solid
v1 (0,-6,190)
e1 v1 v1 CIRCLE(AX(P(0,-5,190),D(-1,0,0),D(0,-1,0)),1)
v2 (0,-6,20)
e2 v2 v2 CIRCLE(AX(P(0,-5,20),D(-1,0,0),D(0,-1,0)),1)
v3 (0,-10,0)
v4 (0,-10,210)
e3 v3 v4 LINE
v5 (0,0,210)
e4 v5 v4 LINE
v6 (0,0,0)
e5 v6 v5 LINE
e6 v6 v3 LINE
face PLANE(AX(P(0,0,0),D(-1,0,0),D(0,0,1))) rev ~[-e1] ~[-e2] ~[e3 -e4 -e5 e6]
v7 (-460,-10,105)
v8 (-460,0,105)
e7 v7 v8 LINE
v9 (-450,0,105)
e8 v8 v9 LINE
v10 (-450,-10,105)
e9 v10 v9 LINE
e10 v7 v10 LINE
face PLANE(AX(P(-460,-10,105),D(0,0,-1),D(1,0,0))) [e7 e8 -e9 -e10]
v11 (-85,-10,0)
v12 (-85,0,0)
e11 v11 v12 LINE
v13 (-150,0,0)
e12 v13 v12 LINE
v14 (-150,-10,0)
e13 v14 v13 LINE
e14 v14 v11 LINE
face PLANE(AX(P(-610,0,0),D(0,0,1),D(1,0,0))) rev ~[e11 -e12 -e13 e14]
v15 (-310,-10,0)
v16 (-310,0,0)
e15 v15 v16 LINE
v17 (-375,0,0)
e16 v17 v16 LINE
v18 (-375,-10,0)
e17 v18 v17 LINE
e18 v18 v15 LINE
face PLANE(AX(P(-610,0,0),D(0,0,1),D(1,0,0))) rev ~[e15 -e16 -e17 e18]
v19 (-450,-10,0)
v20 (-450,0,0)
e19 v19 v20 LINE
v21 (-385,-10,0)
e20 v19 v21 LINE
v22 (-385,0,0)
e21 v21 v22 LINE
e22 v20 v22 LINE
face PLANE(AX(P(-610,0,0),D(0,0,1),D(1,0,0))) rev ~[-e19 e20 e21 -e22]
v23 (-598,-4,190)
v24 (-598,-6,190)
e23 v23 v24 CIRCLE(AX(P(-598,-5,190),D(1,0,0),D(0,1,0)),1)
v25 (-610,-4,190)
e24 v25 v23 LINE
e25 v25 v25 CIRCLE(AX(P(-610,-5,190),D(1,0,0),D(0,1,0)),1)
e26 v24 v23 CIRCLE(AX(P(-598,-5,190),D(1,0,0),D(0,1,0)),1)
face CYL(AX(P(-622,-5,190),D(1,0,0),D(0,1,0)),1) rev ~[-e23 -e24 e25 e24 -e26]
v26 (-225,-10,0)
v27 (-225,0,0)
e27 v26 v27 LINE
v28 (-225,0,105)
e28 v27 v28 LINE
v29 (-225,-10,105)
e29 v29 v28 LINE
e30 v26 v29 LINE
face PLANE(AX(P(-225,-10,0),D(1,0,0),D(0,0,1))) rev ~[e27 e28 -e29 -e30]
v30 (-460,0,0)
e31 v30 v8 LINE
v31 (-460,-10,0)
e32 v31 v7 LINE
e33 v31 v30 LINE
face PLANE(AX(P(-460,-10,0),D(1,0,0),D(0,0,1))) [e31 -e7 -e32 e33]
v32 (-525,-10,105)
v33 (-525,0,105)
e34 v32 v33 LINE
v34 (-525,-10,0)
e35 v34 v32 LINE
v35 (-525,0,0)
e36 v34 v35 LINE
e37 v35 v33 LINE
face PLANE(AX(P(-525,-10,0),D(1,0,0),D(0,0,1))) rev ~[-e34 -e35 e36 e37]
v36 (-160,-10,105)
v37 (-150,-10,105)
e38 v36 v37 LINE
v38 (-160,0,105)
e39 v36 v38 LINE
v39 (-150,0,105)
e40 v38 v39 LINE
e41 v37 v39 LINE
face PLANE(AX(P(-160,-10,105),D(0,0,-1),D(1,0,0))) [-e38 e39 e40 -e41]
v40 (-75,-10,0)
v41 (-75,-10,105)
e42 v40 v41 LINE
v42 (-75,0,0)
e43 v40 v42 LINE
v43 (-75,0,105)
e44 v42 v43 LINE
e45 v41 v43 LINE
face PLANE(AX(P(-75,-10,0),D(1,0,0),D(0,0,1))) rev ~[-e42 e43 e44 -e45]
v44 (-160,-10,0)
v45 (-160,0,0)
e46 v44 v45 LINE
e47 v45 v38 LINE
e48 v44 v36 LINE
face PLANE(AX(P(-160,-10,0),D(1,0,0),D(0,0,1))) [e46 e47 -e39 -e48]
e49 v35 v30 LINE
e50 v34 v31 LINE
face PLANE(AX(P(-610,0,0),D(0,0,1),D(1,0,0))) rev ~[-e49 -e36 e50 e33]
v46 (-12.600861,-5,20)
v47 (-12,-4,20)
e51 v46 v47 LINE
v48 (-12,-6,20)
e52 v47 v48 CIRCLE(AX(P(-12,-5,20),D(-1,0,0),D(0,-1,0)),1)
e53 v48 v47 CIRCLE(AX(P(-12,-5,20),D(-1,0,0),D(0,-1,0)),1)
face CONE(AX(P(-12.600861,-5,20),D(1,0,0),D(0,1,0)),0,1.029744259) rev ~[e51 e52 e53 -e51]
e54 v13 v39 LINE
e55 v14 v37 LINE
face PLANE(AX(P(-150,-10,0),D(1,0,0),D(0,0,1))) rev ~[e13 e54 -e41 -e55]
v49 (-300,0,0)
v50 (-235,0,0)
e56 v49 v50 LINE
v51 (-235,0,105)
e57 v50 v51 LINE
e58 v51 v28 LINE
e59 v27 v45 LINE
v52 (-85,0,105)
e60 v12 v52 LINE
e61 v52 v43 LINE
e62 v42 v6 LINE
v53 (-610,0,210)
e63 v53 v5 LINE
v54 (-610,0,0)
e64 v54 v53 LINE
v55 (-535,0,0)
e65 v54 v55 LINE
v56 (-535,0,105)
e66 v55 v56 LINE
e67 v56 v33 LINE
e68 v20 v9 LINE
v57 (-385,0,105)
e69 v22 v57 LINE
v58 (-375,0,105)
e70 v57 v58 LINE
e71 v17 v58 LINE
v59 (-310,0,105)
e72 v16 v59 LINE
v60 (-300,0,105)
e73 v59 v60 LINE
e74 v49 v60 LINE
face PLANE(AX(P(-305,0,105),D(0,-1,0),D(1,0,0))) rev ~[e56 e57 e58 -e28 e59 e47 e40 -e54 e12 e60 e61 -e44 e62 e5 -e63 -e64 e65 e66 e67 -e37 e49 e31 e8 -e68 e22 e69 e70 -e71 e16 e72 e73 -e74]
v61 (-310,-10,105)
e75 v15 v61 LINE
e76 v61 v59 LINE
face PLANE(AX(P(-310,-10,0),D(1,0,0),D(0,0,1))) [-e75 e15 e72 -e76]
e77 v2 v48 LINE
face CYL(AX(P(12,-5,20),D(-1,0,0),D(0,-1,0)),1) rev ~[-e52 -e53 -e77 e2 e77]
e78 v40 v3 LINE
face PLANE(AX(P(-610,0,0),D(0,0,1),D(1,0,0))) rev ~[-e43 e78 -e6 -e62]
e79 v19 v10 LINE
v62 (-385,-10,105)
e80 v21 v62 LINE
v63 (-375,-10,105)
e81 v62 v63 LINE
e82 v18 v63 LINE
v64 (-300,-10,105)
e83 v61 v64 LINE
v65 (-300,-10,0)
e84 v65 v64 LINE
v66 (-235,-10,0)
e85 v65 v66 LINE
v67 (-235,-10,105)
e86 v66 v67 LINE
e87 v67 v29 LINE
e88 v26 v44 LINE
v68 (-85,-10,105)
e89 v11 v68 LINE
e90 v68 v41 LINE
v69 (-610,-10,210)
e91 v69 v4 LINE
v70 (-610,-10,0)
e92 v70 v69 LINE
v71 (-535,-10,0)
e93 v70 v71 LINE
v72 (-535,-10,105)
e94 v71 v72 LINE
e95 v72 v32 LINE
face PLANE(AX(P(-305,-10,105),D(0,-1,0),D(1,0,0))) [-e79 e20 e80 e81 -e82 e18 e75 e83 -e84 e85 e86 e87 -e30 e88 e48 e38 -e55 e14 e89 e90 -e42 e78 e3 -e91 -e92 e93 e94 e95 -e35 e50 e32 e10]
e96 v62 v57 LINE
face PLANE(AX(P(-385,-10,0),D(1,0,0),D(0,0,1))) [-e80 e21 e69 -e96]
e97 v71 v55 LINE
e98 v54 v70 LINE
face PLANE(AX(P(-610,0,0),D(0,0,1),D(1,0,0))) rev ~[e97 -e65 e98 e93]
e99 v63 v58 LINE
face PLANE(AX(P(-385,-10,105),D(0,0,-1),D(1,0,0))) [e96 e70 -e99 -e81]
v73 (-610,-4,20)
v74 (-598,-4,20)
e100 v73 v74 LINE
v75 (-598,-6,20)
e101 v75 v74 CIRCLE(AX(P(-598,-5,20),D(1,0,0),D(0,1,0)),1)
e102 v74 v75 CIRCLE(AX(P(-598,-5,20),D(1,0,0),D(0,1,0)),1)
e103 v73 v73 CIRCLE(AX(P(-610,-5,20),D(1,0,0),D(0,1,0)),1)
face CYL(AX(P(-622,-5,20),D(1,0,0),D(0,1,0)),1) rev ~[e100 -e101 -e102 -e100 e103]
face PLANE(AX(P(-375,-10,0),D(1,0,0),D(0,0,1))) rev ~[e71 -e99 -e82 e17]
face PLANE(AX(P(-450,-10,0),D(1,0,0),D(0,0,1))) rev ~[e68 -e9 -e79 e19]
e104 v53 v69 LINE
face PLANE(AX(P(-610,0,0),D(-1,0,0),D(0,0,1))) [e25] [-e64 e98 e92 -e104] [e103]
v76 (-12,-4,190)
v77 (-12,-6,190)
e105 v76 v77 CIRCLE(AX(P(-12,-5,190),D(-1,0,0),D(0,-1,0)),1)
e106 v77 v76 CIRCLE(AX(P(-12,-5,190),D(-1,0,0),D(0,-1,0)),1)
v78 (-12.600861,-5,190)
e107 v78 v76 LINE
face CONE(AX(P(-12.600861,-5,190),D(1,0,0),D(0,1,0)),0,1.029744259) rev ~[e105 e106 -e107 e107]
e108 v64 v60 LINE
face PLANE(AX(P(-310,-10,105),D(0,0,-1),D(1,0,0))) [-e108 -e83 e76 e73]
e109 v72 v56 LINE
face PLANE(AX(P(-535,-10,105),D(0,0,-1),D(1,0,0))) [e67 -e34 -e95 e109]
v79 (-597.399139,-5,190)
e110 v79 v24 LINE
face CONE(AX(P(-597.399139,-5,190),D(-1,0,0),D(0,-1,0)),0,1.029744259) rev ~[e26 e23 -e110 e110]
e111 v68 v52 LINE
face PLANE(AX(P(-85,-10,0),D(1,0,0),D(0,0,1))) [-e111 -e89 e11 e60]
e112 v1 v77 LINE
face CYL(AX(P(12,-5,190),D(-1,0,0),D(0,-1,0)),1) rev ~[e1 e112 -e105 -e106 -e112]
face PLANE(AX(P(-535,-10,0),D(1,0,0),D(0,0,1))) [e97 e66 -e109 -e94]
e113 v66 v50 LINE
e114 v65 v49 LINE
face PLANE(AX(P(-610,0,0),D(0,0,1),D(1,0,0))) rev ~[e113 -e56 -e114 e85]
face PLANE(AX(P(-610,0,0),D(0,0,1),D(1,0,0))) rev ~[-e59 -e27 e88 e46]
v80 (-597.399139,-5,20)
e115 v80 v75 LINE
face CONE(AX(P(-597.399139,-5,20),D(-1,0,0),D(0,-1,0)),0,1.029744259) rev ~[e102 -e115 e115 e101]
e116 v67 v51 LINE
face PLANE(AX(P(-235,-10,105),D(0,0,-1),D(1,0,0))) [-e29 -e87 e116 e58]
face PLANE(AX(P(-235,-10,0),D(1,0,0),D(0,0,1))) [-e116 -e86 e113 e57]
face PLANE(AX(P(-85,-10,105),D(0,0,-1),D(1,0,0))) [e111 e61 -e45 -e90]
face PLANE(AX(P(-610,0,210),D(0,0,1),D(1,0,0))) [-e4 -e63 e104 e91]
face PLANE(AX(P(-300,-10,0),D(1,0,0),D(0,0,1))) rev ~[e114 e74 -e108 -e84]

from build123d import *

# Parameters (mm, degrees)
F0_W     = 610
F0_H     = 210
F1_DEPTH = 10
F2_W     = 10
F2_H     = 105
F3_DEPTH = 25
F5_D     = 2
F5_DEPTH = 12
F5_TIP   = 0.600860619
F7_D     = 2
F7_DEPTH = 12
F7_TIP   = 0.600860619


with BuildPart() as f1:
    # F0 (on Front) → F1 (new body)
    with BuildSketch(Plane.XZ):
        with Locations((-305, 105)):
            Rectangle(F0_W, F0_H)
    extrude(amount=F1_DEPTH)

    # F2 (on face) → F3 (cut)
    with BuildSketch(Plane.XZ.offset(10)):
        with Locations((-530, 52.5)):
            Rectangle(F2_W, F2_H)
        with Locations((-455, 52.5)):
            Rectangle(F2_W, F2_H)
        with Locations((-380, 52.5)):
            Rectangle(F2_W, F2_H)
        with Locations((-230, 52.5)):
            Rectangle(F2_W, F2_H)
        with Locations((-155, 52.5)):
            Rectangle(F2_W, F2_H)
        with Locations((-305, 52.5)):
            Rectangle(F2_W, F2_H)
        with Locations((-80, 52.5)):
            Rectangle(F2_W, F2_H)
    extrude(amount=-F3_DEPTH, mode=Mode.SUBTRACT)

    # F5
    with Locations(Plane(origin=(-610, 0, 0), x_dir=(0, -1, 0), z_dir=(-1, 0, 0))):
        with Locations((5, 190), (5, 20)):
            Hole(F5_D / 2, depth=F5_DEPTH)
            with Locations((0, 0, -(F5_DEPTH + F5_TIP / 2))):  # 118° drill point
                Cone(0, F5_D / 2, F5_TIP, mode=Mode.SUBTRACT)

    # F7
    with Locations(Plane.YZ):
        with Locations((-5, 190), (-5, 20)):
            Hole(F7_D / 2, depth=F7_DEPTH)
            with Locations((0, 0, -(F7_DEPTH + F7_TIP / 2))):  # 118° drill point
                Cone(0, F7_D / 2, F7_TIP, mode=Mode.SUBTRACT)


solid = f1.part
